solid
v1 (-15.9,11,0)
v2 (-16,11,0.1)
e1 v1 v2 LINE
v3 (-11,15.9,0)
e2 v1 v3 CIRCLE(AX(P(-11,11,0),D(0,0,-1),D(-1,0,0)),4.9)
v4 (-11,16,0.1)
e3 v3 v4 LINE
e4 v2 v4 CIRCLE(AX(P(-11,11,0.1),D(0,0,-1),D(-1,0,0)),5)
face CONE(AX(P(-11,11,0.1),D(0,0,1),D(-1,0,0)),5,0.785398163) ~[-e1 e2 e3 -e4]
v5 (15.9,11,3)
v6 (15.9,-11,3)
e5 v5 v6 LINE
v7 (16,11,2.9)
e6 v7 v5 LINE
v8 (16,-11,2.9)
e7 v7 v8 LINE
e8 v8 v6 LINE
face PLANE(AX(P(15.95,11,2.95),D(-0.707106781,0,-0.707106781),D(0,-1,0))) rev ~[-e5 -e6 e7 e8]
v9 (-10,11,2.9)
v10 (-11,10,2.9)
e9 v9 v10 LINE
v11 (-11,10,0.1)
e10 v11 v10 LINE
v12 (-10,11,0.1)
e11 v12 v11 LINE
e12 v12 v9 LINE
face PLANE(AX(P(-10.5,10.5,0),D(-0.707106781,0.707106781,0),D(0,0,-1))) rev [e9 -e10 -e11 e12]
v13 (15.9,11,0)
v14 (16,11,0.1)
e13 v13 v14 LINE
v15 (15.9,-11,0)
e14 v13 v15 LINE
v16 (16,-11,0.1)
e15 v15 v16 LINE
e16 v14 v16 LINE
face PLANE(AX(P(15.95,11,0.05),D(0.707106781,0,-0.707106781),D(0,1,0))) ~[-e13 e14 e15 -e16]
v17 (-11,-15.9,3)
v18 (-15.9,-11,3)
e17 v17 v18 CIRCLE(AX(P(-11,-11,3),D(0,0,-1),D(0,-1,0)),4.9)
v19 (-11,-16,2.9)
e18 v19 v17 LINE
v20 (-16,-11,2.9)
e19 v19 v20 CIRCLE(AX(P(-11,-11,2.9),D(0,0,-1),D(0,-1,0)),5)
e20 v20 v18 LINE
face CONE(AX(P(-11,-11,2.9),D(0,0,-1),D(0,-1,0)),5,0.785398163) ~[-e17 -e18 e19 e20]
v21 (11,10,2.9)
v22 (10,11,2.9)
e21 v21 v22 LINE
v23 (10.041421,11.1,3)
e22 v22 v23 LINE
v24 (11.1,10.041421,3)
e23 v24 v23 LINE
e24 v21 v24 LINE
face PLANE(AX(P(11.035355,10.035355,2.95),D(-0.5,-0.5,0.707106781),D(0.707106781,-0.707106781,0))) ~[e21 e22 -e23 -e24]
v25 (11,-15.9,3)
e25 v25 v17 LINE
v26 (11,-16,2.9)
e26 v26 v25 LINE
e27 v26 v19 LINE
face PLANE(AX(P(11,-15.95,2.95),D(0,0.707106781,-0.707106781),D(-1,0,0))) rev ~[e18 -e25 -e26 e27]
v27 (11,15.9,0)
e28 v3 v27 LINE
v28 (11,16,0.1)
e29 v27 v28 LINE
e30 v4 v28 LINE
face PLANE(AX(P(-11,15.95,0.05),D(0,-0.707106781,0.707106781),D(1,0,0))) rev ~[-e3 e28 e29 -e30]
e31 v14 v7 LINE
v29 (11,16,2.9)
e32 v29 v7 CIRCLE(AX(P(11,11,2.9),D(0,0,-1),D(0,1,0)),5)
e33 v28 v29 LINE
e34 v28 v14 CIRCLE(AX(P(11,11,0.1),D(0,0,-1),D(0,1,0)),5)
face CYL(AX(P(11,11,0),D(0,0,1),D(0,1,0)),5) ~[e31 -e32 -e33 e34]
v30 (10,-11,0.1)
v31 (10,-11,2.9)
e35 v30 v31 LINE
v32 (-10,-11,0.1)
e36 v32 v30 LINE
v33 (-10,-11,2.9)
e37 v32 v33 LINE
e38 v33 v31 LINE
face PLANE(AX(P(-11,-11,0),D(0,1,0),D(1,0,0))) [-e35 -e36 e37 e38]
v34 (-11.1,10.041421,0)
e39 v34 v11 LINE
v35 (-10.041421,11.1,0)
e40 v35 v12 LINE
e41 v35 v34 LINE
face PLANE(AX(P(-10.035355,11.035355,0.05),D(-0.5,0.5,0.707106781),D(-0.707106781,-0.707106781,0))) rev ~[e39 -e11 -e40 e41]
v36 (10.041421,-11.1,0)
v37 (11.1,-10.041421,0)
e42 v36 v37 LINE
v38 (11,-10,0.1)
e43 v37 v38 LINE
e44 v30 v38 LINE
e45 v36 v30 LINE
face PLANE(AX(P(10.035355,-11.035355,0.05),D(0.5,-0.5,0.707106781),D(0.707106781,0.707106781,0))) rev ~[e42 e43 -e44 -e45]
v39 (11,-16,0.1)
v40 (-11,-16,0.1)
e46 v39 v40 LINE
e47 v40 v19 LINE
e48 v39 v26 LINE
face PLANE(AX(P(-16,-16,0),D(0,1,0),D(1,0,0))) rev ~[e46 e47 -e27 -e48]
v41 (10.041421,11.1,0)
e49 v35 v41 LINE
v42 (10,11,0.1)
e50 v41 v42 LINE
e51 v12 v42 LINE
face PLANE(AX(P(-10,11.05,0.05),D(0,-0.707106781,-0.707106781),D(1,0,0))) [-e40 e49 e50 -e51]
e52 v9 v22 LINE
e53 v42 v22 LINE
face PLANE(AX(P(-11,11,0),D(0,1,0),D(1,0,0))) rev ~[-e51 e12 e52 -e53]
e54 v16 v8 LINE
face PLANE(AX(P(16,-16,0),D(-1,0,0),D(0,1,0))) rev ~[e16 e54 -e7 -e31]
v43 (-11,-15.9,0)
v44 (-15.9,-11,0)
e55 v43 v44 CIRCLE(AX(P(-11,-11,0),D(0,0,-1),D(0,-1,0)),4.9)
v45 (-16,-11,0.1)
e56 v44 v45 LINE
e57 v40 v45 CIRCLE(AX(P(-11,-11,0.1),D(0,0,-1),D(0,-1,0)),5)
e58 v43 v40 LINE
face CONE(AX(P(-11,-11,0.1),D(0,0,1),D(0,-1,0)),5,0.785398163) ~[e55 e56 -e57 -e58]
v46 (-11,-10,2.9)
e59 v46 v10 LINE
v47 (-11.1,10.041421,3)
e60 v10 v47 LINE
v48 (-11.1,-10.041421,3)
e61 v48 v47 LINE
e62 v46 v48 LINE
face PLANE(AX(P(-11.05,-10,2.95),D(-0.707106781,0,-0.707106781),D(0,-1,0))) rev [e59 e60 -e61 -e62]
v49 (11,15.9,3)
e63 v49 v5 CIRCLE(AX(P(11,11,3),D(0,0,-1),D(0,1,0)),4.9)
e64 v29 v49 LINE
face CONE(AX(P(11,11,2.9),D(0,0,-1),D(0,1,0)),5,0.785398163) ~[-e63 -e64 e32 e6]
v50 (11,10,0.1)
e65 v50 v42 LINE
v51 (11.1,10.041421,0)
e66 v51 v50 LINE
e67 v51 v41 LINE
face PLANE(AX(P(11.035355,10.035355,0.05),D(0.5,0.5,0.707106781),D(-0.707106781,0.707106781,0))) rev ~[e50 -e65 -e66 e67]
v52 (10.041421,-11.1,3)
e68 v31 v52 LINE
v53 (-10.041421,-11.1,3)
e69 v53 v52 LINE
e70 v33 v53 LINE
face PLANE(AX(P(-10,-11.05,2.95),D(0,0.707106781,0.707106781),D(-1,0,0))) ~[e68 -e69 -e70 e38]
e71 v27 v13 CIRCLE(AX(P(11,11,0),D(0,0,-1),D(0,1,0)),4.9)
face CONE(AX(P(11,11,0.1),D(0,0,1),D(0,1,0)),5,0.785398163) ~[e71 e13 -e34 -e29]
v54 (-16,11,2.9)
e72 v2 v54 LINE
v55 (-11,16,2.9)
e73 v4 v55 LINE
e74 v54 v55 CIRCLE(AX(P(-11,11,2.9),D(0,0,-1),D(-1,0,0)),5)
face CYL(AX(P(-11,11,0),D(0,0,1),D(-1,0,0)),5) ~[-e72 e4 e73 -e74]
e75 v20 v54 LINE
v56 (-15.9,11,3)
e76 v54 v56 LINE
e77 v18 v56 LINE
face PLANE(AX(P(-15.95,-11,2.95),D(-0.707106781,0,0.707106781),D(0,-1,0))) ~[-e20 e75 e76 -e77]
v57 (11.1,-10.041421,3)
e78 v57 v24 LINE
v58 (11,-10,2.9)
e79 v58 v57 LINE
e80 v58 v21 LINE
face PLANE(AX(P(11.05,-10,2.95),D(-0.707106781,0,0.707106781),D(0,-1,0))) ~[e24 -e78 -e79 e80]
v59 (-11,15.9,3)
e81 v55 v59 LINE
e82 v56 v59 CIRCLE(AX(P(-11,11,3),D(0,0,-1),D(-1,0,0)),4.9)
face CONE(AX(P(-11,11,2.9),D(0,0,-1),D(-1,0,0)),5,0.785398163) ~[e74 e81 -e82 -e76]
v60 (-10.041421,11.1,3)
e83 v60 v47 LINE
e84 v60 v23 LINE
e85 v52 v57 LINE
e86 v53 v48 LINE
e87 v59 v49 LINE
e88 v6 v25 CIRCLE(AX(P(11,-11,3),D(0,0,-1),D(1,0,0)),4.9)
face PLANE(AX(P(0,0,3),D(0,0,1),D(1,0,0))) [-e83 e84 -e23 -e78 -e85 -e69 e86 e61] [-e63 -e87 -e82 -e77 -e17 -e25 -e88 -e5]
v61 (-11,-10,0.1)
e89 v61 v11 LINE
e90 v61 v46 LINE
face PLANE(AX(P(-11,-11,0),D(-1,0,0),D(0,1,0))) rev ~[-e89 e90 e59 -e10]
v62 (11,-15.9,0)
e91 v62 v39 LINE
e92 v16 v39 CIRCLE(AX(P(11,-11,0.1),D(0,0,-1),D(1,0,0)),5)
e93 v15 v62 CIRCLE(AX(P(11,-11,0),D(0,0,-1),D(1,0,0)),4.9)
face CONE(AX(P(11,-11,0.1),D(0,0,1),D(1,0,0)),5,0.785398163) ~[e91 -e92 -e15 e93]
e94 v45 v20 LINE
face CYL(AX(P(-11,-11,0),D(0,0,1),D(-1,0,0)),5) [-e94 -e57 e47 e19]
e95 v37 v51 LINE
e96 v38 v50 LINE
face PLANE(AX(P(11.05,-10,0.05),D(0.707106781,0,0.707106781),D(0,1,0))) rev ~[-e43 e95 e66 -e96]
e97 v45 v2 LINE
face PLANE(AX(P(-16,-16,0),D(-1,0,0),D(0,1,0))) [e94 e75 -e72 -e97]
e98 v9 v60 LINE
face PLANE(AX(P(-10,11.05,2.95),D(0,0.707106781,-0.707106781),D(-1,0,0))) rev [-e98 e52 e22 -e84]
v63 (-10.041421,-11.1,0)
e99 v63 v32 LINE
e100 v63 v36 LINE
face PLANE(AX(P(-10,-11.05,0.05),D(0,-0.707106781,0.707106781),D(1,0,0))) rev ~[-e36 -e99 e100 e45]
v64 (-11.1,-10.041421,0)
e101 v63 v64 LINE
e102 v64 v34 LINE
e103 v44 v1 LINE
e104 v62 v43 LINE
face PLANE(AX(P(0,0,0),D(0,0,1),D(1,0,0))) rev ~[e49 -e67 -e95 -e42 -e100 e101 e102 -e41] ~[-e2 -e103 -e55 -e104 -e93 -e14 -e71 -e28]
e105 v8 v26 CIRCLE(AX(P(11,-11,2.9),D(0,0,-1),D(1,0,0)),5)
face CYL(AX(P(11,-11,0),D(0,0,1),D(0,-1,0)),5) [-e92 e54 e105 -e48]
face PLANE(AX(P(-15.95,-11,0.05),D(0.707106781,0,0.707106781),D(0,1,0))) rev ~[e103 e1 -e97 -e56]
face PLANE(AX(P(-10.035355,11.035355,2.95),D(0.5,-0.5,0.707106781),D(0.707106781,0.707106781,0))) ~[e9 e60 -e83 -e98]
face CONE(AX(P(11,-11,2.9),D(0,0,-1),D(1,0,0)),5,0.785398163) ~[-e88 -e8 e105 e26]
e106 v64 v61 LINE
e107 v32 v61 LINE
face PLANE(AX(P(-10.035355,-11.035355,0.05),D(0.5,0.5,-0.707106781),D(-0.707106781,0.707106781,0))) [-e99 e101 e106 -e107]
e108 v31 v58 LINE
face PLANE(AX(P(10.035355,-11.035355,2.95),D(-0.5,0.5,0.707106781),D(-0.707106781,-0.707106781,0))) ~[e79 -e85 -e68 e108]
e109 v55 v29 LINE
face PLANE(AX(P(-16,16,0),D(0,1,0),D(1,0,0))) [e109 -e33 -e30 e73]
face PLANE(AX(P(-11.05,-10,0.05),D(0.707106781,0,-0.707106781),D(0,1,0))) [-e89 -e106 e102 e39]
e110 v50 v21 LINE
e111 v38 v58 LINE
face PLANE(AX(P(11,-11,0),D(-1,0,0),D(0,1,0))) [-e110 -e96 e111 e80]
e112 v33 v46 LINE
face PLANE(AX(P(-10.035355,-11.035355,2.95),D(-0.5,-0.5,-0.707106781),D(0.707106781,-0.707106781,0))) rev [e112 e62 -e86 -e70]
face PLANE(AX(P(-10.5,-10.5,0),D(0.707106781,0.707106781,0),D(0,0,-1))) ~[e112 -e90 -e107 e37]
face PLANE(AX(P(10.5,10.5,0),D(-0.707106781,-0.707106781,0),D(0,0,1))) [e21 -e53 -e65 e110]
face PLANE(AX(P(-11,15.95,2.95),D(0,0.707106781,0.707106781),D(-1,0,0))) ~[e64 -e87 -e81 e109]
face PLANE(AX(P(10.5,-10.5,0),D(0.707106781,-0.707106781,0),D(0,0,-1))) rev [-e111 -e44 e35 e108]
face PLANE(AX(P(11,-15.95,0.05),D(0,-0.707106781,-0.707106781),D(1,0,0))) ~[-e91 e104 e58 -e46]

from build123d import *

# Parameters (mm, degrees)
F0_W     = 32
F0_H     = 32
F0_W_2   = 22
F0_H_2   = 22
F1_DEPTH = 3
F2_SIZE2 = 1
F2_SIZE  = 1
F3_R     = 5
F4_SIZE  = 0.1


with BuildPart() as f1:
    # F0 (on Top) → F1 (new body)
    with BuildSketch(Plane.XY):
        Rectangle(F0_W, F0_H)
        Rectangle(F0_W_2, F0_H_2, mode=Mode.SUBTRACT)
    extrude(amount=F1_DEPTH)

    # F2
    f2_edges = [f1.edges().sort_by_distance(p)[0] for p in [
        (-11, 11, 1.5),
        (-11, -11, 1.5),
        (11, 11, 1.5),
        (11, -11, 1.5),
    ]]
    chamfer(f2_edges, length=F2_SIZE, length2=F2_SIZE2)

    # F3
    f3_edges = [f1.edges().sort_by_distance(p)[0] for p in [
        (16, 16, 1.5),
        (16, -16, 1.5),
        (-16, -16, 1.5),
        (-16, 16, 1.5),
    ]]
    fillet(f3_edges, radius=F3_R)

    # F4
    f4_edges = [f1.edges().sort_by_distance(p)[0] for p in [
        (0, 16, 3),
        (14.535534, 14.535534, 3),
        (-14.535534, 14.535534, 3),
        (16, 0, 3),
        (-16, 0, 3),
        (14.535534, -14.535534, 3),
        (-14.535534, -14.535534, 3),
        (0, -16, 3),
        (-11, 0, 3),
        (-10.5, -10.5, 3),
        (-10.5, 10.5, 3),
        (0, -11, 3),
        (0, 11, 3),
        (10.5, -10.5, 3),
        (10.5, 10.5, 3),
        (11, 0, 3),
        (0, 16, 0),
        (14.535534, 14.535534, 0),
        (-14.535534, 14.535534, 0),
        (16, 0, 0),
        (-16, 0, 0),
        (14.535534, -14.535534, 0),
        (-14.535534, -14.535534, 0),
        (0, -16, 0),
        (-11, 0, 0),
        (-10.5, -10.5, 0),
        (-10.5, 10.5, 0),
        (0, -11, 0),
        (0, 11, 0),
        (10.5, -10.5, 0),
        (10.5, 10.5, 0),
        (11, 0, 0),
    ]]
    chamfer(f4_edges, length=F4_SIZE)


solid = f1.part
